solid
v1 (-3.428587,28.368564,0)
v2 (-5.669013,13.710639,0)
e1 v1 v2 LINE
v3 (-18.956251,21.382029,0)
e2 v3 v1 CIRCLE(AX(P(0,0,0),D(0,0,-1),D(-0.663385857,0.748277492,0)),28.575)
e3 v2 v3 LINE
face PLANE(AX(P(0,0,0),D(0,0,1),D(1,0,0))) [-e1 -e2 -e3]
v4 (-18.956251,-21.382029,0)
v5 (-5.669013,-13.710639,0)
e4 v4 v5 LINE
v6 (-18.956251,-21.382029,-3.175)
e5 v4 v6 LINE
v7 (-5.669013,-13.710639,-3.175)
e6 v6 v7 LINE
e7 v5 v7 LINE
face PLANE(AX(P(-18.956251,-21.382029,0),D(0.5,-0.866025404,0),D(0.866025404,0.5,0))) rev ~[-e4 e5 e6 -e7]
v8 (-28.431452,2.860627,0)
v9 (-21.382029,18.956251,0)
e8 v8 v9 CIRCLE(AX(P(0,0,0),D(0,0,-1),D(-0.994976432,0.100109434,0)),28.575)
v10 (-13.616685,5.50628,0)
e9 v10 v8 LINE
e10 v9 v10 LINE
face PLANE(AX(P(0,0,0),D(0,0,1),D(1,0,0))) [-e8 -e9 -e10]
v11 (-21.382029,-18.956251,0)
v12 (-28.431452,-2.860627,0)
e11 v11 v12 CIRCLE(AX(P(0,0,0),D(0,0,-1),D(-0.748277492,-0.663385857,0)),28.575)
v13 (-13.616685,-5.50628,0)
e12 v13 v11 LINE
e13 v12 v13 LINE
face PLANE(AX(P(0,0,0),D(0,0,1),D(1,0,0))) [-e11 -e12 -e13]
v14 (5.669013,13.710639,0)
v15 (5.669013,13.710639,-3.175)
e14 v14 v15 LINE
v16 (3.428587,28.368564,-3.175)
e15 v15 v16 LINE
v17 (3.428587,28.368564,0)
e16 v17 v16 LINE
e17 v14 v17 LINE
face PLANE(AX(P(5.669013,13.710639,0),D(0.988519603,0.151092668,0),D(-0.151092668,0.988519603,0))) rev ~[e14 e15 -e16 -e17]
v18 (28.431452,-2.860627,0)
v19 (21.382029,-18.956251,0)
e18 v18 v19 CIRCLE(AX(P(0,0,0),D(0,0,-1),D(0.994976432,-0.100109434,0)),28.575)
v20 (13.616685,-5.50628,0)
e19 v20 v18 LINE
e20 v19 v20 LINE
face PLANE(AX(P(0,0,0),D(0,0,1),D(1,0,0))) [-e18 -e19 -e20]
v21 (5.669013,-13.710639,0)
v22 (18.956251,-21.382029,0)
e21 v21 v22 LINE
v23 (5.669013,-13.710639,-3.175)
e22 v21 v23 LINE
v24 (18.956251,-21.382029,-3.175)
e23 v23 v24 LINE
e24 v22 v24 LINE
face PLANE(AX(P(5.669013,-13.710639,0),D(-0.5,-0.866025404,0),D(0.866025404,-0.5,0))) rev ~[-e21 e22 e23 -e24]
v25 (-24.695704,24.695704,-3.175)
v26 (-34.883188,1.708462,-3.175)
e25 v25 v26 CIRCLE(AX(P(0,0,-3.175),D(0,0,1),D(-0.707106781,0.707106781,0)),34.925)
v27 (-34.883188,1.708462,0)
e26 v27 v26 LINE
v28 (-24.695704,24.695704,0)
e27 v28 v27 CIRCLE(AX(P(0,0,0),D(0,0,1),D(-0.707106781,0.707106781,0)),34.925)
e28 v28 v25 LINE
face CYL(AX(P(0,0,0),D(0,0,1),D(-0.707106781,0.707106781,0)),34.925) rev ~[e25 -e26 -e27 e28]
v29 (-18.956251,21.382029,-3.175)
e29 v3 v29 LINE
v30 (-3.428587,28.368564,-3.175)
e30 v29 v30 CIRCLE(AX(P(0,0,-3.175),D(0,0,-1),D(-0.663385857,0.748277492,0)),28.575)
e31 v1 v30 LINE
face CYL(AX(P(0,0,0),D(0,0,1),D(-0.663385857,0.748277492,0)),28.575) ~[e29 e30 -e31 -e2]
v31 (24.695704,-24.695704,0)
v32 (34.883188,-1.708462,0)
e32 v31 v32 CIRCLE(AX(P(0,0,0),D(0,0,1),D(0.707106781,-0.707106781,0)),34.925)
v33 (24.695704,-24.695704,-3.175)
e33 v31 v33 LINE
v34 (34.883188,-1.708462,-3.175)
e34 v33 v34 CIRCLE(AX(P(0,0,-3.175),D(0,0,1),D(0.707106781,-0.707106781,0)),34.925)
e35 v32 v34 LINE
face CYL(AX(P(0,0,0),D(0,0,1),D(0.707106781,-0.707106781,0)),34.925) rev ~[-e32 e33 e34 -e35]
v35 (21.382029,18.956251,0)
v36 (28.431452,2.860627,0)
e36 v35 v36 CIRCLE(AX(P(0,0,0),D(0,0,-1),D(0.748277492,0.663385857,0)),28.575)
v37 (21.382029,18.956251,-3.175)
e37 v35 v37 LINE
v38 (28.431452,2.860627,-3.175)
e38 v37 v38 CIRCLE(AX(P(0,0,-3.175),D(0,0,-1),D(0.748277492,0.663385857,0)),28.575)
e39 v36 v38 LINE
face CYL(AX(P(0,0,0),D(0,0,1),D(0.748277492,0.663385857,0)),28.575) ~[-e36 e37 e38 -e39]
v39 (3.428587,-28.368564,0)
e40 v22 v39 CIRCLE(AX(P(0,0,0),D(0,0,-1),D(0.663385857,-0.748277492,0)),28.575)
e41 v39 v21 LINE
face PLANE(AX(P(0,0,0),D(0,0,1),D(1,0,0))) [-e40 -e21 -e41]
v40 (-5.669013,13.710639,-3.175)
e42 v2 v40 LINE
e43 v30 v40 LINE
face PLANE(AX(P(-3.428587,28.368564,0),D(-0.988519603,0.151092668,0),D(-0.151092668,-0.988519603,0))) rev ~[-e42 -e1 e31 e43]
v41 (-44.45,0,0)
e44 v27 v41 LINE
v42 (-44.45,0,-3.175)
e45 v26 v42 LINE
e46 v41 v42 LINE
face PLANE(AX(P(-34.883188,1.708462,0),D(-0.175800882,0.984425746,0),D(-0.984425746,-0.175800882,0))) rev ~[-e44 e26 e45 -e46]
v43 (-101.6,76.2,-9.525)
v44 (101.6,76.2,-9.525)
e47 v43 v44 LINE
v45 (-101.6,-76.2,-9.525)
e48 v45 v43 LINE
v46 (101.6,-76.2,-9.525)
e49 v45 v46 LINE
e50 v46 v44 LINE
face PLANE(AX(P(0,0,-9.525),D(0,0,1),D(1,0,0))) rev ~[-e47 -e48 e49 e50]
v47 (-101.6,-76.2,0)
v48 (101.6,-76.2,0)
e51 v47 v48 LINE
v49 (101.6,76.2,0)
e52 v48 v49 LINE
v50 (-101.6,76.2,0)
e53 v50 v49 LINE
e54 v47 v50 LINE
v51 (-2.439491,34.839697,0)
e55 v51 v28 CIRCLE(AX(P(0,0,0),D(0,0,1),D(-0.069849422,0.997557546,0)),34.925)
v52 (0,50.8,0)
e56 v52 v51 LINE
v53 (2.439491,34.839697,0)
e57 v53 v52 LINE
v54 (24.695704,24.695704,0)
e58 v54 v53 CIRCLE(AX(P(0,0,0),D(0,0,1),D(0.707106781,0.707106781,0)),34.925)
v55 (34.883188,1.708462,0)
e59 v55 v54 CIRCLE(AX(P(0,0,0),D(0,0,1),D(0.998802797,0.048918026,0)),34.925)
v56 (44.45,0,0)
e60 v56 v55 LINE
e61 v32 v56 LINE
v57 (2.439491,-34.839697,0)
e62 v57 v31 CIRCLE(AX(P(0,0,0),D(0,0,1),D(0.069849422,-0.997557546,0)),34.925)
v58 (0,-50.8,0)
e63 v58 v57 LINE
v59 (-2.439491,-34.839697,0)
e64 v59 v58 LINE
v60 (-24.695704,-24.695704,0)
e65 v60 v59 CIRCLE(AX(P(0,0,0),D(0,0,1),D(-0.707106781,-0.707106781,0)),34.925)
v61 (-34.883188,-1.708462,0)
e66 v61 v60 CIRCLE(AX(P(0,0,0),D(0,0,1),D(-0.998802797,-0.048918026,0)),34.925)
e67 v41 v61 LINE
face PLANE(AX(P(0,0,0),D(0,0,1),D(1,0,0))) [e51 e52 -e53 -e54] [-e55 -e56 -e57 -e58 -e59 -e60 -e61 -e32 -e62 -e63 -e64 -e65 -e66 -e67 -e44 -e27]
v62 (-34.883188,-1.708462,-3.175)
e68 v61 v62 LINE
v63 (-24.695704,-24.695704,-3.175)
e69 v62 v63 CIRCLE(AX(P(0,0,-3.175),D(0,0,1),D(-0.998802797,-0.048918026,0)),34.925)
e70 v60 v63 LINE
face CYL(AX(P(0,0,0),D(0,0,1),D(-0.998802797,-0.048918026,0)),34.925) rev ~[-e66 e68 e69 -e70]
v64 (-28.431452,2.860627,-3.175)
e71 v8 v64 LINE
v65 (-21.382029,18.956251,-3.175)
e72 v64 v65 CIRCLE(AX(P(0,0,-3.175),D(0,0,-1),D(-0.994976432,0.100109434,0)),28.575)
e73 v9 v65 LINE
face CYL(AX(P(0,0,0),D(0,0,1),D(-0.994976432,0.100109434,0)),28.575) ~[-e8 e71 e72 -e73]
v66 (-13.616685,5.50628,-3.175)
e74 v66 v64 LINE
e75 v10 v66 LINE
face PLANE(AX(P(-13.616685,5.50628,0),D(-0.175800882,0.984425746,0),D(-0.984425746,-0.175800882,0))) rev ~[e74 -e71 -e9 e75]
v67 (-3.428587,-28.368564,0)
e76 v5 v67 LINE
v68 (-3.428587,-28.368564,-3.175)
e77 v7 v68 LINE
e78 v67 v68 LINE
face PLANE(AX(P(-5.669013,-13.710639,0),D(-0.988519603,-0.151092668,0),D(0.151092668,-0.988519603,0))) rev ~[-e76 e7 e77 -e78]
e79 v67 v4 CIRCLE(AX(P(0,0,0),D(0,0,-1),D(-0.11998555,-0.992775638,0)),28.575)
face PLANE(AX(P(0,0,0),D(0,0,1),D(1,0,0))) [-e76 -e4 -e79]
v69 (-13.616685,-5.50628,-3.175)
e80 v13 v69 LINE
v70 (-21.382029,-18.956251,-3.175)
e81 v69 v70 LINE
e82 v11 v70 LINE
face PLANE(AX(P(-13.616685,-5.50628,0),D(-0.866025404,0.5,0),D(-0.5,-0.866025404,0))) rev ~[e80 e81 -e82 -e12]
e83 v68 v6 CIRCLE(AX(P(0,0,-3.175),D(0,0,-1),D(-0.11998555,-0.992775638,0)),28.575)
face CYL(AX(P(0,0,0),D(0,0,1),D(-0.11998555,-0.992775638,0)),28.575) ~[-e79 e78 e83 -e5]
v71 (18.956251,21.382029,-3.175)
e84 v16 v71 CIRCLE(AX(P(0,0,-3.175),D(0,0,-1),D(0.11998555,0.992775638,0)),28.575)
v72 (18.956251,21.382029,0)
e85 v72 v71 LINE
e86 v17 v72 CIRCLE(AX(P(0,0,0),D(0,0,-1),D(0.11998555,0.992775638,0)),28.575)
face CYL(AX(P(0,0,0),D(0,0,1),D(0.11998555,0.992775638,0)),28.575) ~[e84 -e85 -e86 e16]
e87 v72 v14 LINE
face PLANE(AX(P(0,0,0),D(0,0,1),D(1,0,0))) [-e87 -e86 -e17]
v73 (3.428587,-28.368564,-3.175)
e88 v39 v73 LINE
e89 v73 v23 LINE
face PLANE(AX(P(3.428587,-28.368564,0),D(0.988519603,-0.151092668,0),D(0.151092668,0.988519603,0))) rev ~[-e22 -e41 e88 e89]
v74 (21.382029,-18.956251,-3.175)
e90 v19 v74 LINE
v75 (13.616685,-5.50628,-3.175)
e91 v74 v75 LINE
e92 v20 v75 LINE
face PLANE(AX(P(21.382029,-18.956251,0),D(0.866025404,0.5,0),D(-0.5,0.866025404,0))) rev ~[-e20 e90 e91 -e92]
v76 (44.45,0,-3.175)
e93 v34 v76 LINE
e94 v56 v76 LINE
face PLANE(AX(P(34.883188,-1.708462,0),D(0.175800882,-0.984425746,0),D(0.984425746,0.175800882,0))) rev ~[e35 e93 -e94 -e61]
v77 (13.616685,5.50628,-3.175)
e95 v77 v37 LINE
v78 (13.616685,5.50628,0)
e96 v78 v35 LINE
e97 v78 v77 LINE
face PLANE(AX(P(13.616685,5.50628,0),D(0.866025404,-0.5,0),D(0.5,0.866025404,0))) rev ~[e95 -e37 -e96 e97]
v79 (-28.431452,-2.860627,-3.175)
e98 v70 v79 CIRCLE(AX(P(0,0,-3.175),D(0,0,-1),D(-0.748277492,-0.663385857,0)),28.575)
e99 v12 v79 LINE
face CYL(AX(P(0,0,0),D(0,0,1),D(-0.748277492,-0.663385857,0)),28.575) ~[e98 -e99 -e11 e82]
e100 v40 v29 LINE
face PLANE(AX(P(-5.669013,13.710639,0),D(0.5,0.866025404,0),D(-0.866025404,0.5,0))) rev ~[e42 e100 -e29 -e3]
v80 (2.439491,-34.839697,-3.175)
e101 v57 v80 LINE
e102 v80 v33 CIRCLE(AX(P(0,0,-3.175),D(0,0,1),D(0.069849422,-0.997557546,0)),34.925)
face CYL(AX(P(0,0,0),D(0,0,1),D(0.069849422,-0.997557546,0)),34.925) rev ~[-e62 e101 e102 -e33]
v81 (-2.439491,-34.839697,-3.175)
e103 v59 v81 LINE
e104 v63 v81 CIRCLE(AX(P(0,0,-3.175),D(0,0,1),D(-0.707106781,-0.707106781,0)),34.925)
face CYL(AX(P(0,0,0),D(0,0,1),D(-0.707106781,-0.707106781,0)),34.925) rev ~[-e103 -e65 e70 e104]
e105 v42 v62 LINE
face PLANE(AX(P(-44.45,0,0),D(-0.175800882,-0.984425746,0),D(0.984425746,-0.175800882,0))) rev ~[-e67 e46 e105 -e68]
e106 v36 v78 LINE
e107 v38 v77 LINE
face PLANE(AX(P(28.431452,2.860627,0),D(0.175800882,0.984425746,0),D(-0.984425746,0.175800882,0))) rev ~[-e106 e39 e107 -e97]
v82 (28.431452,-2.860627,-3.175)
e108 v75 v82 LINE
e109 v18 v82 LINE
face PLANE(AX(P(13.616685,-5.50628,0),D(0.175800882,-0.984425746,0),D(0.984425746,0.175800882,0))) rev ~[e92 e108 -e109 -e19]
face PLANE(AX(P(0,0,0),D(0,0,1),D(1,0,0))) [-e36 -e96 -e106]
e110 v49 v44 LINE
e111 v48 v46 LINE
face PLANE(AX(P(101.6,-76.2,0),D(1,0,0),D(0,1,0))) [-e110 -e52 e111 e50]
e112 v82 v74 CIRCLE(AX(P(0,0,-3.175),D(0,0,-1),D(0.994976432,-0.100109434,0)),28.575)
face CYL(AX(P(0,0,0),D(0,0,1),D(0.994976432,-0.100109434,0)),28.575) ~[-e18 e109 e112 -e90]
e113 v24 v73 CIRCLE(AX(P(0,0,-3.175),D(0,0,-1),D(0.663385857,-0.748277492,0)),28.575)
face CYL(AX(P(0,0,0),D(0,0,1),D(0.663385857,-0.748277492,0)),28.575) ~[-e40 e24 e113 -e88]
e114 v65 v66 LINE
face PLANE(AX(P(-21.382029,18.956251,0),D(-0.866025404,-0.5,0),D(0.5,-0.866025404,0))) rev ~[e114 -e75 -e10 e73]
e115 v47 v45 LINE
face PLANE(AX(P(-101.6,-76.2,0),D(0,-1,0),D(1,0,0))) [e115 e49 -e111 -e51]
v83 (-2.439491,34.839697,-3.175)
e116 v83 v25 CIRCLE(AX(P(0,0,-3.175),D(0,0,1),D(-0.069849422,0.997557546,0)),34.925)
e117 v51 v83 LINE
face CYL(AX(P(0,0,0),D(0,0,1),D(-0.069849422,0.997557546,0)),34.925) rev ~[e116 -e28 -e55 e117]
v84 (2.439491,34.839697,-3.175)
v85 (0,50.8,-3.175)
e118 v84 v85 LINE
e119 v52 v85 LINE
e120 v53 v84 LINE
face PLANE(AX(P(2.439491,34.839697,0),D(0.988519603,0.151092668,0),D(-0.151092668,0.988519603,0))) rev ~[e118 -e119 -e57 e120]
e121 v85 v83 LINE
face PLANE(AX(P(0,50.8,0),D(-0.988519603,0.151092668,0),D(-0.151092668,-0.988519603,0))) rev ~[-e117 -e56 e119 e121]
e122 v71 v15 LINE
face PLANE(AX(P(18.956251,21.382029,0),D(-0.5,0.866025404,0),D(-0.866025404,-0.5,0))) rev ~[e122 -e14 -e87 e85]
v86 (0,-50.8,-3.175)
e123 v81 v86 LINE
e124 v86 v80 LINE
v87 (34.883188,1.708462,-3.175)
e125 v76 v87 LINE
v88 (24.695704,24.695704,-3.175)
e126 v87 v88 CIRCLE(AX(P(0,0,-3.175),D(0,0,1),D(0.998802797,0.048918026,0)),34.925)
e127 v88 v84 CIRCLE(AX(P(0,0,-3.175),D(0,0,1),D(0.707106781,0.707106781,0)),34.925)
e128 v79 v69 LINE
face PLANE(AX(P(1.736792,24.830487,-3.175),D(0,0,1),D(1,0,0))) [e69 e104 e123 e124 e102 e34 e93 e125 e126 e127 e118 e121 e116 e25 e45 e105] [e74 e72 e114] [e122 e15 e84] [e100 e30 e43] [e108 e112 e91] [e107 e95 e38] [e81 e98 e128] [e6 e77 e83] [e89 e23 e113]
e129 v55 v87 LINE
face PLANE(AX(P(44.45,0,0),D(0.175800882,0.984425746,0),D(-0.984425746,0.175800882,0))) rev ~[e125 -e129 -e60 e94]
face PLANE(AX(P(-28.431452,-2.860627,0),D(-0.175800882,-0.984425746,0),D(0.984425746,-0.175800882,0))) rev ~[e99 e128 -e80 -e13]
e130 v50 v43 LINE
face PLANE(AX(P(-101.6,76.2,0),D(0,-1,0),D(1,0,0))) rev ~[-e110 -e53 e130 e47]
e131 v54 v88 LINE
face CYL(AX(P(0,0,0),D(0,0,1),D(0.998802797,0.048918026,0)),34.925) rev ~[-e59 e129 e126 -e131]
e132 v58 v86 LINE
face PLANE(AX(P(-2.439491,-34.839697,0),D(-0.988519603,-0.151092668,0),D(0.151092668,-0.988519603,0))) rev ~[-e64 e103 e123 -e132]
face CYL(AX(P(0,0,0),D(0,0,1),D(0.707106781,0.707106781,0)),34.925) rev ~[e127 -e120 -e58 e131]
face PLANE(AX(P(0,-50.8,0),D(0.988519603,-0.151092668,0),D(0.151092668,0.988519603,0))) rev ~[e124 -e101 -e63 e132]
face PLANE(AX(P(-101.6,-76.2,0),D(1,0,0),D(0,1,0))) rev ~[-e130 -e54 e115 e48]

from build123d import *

# Parameters (mm, degrees)
F0_W     = 203.2
F0_H     = 152.4
F1_DEPTH = 9.525
F4_DEPTH = 3.175


with BuildPart() as f1:
    # F0 (on Top) → F1 (new body)
    with BuildSketch(Plane.XY):
        Rectangle(F0_W, F0_H)
    extrude(amount=-F1_DEPTH)

    # F3 (on Top) → F4 (cut)
    with BuildSketch(Plane.XY):
        Polygon((2.4394910489, 34.8396973067), (0, 50.8), (0, 0), (6.7351920908, 6.7351920908), (5.6690130455, 13.7106389963), (3.4285870841, 28.3685638623), align=None)
        Polygon((0, 0), (0, 50.8), (-2.4394910489, 34.8396973067), (-3.4285870841, 28.3685638623), (-5.6690130455, 13.7106389963), (-6.7351920908, 6.7351920908), align=None)
        Polygon((6.7351920908, -6.7351920908), (0, 0), (0, -50.8), (2.4394910489, -34.8396973067), (3.4285870841, -28.3685638623), (5.6690130455, -13.7106389963), align=None)
        Polygon((-6.7351920908, -6.7351920908), (0, 0), (-44.45, 0), (-34.8831876749, -1.7084620678), (-28.4314515584, -2.8606270786), (-13.6166851208, -5.5062801594), align=None)
        Polygon((6.7351920908, 6.7351920908), (0, 0), (44.45, 0), (34.8831876749, 1.7084620678), (28.4314515584, 2.8606270786), (13.6166851208, 5.5062801594), align=None)
        Polygon((0, -50.8), (0, 0), (-6.7351920908, -6.7351920908), (-5.6690130455, -13.7106389963), (-3.4285870841, -28.3685638623), (-2.4394910489, -34.8396973067), align=None)
        Polygon((-44.45, 0), (0, 0), (-6.7351920908, 6.7351920908), (-13.6166851208, 5.5062801594), (-28.4314515584, 2.8606270786), (-34.8831876749, 1.7084620678), align=None)
        Polygon((44.45, 0), (0, 0), (6.7351920908, -6.7351920908), (13.6166851208, -5.5062801594), (28.4314515584, -2.8606270786), (34.8831876749, -1.7084620678), align=None)
        with BuildLine():
            Line((-3.4285870841, 28.3685638623), (-2.4394910489, 34.8396973067))
            ThreePointArc((-2.4394910489, 34.8396973067), (-14.4846420551, 31.7797226158), (-24.6957043329, 24.6957043329))
            Line((-24.6957043329, 24.6957043329), (-18.9562508642, 21.3820293278))
            ThreePointArc((-18.9562508642, 21.3820293278), (-11.7248948265, 26.0587310955), (-3.4285870841, 28.3685638623))
        make_face()
        with BuildLine():
            ThreePointArc((24.6957043329, 24.6957043329), (14.4846420551, 31.7797226158), (2.4394910489, 34.8396973067))
            Line((2.4394910489, 34.8396973067), (3.4285870841, 28.3685638623))
            ThreePointArc((3.4285870841, 28.3685638623), (11.7248948265, 26.0587310955), (18.9562508642, 21.3820293278))
            Line((18.9562508642, 21.3820293278), (24.6957043329, 24.6957043329))
        make_face()
        Polygon((-24.6957043329, -24.6957043329), (-6.7351920908, -6.7351920908), (-13.6166851208, -5.5062801594), (-21.3820293278, -18.9562508642), align=None)
        Polygon((-5.6690130455, -13.7106389963), (-6.7351920908, -6.7351920908), (-24.6957043329, -24.6957043329), (-18.9562508642, -21.3820293278), align=None)
        Polygon((24.6957043329, 24.6957043329), (6.7351920908, 6.7351920908), (13.6166851208, 5.5062801594), (21.3820293278, 18.9562508642), align=None)
        Polygon((5.6690130455, 13.7106389963), (6.7351920908, 6.7351920908), (24.6957043329, 24.6957043329), (18.9562508642, 21.3820293278), align=None)
        Polygon((-24.6957043329, 24.6957043329), (-6.7351920908, 6.7351920908), (-5.6690130455, 13.7106389963), (-18.9562508642, 21.3820293278), align=None)
        Polygon((-13.6166851208, 5.5062801594), (-6.7351920908, 6.7351920908), (-24.6957043329, 24.6957043329), (-21.3820293278, 18.9562508642), align=None)
        Polygon((24.6957043329, -24.6957043329), (6.7351920908, -6.7351920908), (5.6690130455, -13.7106389963), (18.9562508642, -21.3820293278), align=None)
        Polygon((13.6166851208, -5.5062801594), (6.7351920908, -6.7351920908), (24.6957043329, -24.6957043329), (21.3820293278, -18.9562508642), align=None)
        with BuildLine():
            Line((-21.3820293278, 18.9562508642), (-24.6957043329, 24.6957043329))
            ThreePointArc((-24.6957043329, 24.6957043329), (-31.92983589, 14.15066094), (-34.8831876749, 1.7084620678))
            Line((-34.8831876749, 1.7084620678), (-28.4314515584, 2.8606270786))
            ThreePointArc((-28.4314515584, 2.8606270786), (-26.1746632406, 11.4637528427), (-21.3820293278, 18.9562508642))
        make_face()
        with BuildLine():
            ThreePointArc((34.8831876749, 1.7084620678), (31.92983589, 14.15066094), (24.6957043329, 24.6957043329))
            Line((24.6957043329, 24.6957043329), (21.3820293278, 18.9562508642))
            ThreePointArc((21.3820293278, 18.9562508642), (26.1746632406, 11.4637528427), (28.4314515584, 2.8606270786))
            Line((28.4314515584, 2.8606270786), (34.8831876749, 1.7084620678))
        make_face()
        with BuildLine():
            ThreePointArc((-24.6957043329, -24.6957043329), (-14.4846420551, -31.7797226158), (-2.4394910489, -34.8396973067))
            Line((-2.4394910489, -34.8396973067), (-3.4285870841, -28.3685638623))
            ThreePointArc((-3.4285870841, -28.3685638623), (-11.7248948265, -26.0587310955), (-18.9562508642, -21.3820293278))
            Line((-18.9562508642, -21.3820293278), (-24.6957043329, -24.6957043329))
        make_face()
        with BuildLine():
            Line((3.4285870841, -28.3685638623), (2.4394910489, -34.8396973067))
            ThreePointArc((2.4394910489, -34.8396973067), (14.4846420551, -31.7797226158), (24.6957043329, -24.6957043329))
            Line((24.6957043329, -24.6957043329), (18.9562508642, -21.3820293278))
            ThreePointArc((18.9562508642, -21.3820293278), (11.7248948265, -26.0587310955), (3.4285870841, -28.3685638623))
        make_face()
        with BuildLine():
            Line((-28.4314515584, -2.8606270786), (-34.8831876749, -1.7084620678))
            ThreePointArc((-34.8831876749, -1.7084620678), (-31.92983589, -14.15066094), (-24.6957043329, -24.6957043329))
            Line((-24.6957043329, -24.6957043329), (-21.3820293278, -18.9562508642))
            ThreePointArc((-21.3820293278, -18.9562508642), (-26.1746632406, -11.4637528427), (-28.4314515584, -2.8606270786))
        make_face()
        with BuildLine():
            ThreePointArc((24.6957043329, -24.6957043329), (31.92983589, -14.15066094), (34.8831876749, -1.7084620678))
            Line((34.8831876749, -1.7084620678), (28.4314515584, -2.8606270786))
            ThreePointArc((28.4314515584, -2.8606270786), (26.1746632406, -11.4637528427), (21.3820293278, -18.9562508642))
            Line((21.3820293278, -18.9562508642), (24.6957043329, -24.6957043329))
        make_face()
    extrude(amount=-F4_DEPTH, mode=Mode.SUBTRACT)


solid = f1.part
